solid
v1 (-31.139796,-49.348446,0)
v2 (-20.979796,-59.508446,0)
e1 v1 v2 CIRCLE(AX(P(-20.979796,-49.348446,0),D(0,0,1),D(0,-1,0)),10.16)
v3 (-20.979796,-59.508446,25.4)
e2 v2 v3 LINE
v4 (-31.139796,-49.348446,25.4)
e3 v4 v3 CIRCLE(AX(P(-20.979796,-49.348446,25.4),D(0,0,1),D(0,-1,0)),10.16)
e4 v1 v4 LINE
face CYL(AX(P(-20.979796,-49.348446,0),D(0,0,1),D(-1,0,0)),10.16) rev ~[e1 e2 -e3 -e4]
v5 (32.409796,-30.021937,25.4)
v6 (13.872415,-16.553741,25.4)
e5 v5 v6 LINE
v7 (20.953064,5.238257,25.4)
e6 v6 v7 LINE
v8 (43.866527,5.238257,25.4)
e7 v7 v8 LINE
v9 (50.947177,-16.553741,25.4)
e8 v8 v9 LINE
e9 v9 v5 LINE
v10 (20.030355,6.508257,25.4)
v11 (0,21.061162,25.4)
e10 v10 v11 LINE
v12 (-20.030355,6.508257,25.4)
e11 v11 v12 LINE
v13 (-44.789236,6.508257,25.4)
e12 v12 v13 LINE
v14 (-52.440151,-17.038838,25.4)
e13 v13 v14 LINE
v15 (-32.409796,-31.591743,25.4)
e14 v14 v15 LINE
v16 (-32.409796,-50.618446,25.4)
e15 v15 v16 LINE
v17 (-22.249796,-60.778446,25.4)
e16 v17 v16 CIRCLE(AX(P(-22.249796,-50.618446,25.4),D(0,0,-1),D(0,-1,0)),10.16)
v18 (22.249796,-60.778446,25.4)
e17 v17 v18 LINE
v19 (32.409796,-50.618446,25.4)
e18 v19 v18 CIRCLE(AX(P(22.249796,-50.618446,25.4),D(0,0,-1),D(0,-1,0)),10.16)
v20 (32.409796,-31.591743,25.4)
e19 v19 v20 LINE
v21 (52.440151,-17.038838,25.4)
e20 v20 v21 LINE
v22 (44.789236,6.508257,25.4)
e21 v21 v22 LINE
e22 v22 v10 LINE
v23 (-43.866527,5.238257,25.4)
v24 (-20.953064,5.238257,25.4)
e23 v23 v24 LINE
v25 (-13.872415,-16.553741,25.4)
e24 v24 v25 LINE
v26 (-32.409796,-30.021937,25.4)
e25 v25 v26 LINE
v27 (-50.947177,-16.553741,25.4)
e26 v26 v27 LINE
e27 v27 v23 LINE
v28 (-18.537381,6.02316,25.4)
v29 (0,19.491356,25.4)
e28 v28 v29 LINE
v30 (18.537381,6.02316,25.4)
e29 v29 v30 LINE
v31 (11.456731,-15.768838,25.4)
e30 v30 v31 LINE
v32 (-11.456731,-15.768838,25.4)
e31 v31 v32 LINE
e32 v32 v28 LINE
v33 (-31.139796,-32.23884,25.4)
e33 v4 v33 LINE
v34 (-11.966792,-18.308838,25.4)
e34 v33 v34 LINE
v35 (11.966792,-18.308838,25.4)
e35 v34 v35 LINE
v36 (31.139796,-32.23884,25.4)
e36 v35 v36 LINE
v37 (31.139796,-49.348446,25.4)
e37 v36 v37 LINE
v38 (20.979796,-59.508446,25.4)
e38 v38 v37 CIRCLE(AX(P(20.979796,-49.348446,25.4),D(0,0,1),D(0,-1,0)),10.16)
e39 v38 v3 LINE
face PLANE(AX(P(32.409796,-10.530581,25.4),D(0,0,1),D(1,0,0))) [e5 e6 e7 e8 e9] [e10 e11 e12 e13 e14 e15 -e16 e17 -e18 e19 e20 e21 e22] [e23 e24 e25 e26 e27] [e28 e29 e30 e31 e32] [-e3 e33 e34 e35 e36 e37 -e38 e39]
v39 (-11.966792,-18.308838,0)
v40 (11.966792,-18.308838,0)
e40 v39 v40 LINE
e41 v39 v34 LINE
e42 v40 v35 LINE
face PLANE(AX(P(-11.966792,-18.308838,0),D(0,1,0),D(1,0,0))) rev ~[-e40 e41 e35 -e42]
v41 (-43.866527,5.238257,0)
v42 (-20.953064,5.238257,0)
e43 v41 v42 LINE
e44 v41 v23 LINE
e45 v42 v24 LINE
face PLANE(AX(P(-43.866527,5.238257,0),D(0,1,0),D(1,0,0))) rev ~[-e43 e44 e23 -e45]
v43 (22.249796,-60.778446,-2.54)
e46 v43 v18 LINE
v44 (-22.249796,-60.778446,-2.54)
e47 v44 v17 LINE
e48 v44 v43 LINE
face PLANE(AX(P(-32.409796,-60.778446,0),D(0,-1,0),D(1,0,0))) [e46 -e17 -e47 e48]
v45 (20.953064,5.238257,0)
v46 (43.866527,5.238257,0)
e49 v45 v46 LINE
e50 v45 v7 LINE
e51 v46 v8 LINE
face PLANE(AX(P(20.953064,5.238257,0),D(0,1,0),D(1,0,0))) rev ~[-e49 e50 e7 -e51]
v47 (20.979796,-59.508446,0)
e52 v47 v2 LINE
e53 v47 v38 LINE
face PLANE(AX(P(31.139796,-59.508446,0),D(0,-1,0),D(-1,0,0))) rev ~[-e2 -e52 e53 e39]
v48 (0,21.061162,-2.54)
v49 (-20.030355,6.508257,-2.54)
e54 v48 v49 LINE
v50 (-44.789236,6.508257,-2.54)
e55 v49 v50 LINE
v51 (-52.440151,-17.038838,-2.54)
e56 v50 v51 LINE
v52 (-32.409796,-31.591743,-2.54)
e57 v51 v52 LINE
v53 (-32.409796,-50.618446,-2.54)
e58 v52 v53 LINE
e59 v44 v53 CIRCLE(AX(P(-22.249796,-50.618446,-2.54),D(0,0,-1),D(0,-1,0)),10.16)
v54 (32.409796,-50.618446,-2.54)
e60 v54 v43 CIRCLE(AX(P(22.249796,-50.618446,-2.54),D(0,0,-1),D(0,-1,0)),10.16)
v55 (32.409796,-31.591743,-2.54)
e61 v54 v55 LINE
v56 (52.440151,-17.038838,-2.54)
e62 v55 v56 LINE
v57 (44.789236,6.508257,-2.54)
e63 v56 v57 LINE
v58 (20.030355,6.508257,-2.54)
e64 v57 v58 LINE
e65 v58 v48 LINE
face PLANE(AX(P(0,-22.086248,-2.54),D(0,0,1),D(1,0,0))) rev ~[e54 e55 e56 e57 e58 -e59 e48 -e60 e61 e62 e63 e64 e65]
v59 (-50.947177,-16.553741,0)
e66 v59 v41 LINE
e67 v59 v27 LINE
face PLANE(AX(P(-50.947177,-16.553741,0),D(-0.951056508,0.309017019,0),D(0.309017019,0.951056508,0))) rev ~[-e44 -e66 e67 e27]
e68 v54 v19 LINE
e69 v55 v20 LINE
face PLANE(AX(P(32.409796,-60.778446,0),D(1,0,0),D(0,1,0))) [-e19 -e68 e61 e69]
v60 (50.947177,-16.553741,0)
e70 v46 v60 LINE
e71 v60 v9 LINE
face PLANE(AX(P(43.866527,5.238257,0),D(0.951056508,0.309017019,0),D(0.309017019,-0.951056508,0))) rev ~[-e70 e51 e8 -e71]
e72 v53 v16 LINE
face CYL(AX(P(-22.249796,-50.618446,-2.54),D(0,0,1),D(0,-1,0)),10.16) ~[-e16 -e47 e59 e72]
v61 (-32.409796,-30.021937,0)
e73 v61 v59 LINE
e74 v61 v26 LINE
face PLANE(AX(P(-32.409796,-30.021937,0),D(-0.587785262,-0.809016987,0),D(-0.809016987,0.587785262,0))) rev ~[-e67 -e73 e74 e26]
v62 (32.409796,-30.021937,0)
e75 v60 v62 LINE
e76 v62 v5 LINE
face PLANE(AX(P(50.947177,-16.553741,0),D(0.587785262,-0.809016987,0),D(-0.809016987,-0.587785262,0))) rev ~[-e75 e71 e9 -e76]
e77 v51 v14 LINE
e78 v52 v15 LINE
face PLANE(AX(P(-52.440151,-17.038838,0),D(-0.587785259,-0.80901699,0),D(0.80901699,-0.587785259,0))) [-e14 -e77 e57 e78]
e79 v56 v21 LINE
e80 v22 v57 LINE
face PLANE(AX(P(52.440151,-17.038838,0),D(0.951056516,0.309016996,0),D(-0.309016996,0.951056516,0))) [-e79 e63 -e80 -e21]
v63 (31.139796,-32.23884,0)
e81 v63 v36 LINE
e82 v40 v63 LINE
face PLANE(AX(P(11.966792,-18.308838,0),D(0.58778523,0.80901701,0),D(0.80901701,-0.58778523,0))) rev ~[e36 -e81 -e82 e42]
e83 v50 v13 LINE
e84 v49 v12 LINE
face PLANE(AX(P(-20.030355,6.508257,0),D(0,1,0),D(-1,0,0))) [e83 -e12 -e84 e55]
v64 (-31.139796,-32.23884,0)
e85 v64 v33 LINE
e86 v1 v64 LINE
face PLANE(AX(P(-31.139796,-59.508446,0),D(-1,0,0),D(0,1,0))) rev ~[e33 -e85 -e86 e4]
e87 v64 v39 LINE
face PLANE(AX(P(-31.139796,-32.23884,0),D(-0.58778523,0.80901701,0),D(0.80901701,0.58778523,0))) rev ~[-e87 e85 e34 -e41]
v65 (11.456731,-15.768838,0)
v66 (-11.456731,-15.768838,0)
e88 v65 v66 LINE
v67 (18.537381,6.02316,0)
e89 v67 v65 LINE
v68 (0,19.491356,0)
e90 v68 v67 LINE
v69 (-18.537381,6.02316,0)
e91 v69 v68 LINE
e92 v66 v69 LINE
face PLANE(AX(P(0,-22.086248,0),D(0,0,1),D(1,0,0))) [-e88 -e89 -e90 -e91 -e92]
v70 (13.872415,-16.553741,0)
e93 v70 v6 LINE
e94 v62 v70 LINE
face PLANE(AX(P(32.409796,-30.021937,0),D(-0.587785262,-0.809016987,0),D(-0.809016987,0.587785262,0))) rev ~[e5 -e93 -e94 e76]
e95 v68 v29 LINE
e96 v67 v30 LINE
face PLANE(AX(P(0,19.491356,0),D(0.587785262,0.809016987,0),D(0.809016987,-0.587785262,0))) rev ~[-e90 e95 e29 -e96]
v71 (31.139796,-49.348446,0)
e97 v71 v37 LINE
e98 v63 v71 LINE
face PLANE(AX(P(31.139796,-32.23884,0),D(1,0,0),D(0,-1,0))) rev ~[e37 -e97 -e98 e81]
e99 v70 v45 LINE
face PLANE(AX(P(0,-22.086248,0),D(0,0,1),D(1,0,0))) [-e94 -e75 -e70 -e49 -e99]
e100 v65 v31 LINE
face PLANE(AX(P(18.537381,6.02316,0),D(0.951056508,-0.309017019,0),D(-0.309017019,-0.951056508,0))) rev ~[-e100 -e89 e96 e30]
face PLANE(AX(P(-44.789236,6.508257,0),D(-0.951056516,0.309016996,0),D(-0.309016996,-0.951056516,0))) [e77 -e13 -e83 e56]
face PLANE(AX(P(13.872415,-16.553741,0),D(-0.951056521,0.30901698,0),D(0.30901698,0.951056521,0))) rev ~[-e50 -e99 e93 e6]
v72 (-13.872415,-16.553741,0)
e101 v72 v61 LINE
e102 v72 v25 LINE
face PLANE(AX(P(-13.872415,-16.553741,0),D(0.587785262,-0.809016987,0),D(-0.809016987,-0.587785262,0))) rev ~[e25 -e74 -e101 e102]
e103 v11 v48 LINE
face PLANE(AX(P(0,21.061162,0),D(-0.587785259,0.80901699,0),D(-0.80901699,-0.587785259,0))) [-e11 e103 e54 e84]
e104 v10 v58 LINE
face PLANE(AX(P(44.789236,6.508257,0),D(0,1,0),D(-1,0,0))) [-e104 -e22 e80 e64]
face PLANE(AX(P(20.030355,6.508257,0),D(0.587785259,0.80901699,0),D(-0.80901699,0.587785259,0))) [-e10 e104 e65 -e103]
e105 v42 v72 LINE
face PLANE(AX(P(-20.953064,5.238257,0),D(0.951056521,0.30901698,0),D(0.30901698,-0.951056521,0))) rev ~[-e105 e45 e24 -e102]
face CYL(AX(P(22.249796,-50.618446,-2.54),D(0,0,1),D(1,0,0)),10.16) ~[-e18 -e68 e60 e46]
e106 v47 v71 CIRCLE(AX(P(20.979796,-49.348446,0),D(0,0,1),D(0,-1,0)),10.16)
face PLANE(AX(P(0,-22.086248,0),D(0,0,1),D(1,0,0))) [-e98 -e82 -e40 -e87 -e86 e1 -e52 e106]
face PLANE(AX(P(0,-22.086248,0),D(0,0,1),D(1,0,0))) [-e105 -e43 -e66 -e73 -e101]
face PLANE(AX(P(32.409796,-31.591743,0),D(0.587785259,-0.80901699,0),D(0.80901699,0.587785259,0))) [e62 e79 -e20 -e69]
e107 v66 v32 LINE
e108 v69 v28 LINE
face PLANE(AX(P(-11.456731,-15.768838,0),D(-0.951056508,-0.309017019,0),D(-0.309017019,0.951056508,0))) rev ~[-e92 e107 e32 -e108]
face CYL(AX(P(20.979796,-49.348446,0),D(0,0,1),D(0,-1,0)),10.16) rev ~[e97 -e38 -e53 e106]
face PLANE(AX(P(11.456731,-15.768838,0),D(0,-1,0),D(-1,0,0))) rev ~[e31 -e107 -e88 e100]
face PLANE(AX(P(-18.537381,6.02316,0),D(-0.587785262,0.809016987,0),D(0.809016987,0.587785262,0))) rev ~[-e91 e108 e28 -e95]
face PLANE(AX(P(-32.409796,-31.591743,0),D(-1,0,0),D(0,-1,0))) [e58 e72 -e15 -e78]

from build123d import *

# Parameters (mm, degrees)
F1_DEPTH = 25.4
F3_DEPTH = 2.54
F4_R     = 10.16


with BuildPart() as f1:
    # F0 (on Top) → F1 (new body)
    with BuildSketch(Plane.XY):
        Polygon((44.789236, 6.508257), (20.030355, 6.508257), (12.37944, -17.038838), (32.409796, -31.591743), (52.440151, -17.038838), align=None)
        Polygon((20.953064, 5.238257), (43.866527, 5.238257), (50.947177, -16.553741), (32.409796, -30.021937), (13.872415, -16.553741), align=None, mode=Mode.SUBTRACT)
        Polygon((12.37944, -17.038838), (20.030355, 6.508257), (0, 21.061162), (-20.030355, 6.508257), (-12.37944, -17.038838), align=None)
        Polygon((-18.537381, 6.02316), (0, 19.491356), (18.537381, 6.02316), (11.456731, -15.768838), (-11.456731, -15.768838), align=None, mode=Mode.SUBTRACT)
        Polygon((32.409796, -31.591743), (12.37944, -17.038838), (-12.37944, -17.038838), (-32.409796, -31.591743), (-32.409796, -60.778446), (32.409796, -60.778446), align=None)
        Polygon((31.139796, -32.23884), (31.139796, -59.508446), (-31.139796, -59.508446), (-31.139796, -32.23884), (-11.966792, -18.308838), (11.966792, -18.308838), align=None, mode=Mode.SUBTRACT)
        Polygon((-32.409796, -31.591743), (-12.37944, -17.038838), (-20.030355, 6.508257), (-44.789236, 6.508257), (-52.440151, -17.038838), align=None)
        Polygon((-43.866527, 5.238257), (-20.953064, 5.238257), (-13.872415, -16.553741), (-32.409796, -30.021937), (-50.947177, -16.553741), align=None, mode=Mode.SUBTRACT)
    extrude(amount=F1_DEPTH)

    # F2 (on Top) → F3 (join)
    with BuildSketch(Plane.XY):
        Polygon((0, 21.061162), (-20.030355, 6.508257), (-44.789236, 6.508257), (-52.440151, -17.038838), (-32.409796, -31.591743), (-32.409796, -60.778446), (32.409796, -60.778446), (32.409796, -31.591743), (52.440151, -17.038838), (44.789236, 6.508257), (20.030355, 6.508257), align=None)
    extrude(amount=-F3_DEPTH)

    # F4
    f4_edges = [f1.edges().sort_by_distance(p)[0] for p in [
        (32.409796, -60.778446, 11.43),
        (-32.409796, -60.778446, 11.43),
        (-31.139796, -59.508446, 12.7),
        (31.139796, -59.508446, 12.7),
    ]]
    fillet(f4_edges, radius=F4_R)


solid = f1.part
